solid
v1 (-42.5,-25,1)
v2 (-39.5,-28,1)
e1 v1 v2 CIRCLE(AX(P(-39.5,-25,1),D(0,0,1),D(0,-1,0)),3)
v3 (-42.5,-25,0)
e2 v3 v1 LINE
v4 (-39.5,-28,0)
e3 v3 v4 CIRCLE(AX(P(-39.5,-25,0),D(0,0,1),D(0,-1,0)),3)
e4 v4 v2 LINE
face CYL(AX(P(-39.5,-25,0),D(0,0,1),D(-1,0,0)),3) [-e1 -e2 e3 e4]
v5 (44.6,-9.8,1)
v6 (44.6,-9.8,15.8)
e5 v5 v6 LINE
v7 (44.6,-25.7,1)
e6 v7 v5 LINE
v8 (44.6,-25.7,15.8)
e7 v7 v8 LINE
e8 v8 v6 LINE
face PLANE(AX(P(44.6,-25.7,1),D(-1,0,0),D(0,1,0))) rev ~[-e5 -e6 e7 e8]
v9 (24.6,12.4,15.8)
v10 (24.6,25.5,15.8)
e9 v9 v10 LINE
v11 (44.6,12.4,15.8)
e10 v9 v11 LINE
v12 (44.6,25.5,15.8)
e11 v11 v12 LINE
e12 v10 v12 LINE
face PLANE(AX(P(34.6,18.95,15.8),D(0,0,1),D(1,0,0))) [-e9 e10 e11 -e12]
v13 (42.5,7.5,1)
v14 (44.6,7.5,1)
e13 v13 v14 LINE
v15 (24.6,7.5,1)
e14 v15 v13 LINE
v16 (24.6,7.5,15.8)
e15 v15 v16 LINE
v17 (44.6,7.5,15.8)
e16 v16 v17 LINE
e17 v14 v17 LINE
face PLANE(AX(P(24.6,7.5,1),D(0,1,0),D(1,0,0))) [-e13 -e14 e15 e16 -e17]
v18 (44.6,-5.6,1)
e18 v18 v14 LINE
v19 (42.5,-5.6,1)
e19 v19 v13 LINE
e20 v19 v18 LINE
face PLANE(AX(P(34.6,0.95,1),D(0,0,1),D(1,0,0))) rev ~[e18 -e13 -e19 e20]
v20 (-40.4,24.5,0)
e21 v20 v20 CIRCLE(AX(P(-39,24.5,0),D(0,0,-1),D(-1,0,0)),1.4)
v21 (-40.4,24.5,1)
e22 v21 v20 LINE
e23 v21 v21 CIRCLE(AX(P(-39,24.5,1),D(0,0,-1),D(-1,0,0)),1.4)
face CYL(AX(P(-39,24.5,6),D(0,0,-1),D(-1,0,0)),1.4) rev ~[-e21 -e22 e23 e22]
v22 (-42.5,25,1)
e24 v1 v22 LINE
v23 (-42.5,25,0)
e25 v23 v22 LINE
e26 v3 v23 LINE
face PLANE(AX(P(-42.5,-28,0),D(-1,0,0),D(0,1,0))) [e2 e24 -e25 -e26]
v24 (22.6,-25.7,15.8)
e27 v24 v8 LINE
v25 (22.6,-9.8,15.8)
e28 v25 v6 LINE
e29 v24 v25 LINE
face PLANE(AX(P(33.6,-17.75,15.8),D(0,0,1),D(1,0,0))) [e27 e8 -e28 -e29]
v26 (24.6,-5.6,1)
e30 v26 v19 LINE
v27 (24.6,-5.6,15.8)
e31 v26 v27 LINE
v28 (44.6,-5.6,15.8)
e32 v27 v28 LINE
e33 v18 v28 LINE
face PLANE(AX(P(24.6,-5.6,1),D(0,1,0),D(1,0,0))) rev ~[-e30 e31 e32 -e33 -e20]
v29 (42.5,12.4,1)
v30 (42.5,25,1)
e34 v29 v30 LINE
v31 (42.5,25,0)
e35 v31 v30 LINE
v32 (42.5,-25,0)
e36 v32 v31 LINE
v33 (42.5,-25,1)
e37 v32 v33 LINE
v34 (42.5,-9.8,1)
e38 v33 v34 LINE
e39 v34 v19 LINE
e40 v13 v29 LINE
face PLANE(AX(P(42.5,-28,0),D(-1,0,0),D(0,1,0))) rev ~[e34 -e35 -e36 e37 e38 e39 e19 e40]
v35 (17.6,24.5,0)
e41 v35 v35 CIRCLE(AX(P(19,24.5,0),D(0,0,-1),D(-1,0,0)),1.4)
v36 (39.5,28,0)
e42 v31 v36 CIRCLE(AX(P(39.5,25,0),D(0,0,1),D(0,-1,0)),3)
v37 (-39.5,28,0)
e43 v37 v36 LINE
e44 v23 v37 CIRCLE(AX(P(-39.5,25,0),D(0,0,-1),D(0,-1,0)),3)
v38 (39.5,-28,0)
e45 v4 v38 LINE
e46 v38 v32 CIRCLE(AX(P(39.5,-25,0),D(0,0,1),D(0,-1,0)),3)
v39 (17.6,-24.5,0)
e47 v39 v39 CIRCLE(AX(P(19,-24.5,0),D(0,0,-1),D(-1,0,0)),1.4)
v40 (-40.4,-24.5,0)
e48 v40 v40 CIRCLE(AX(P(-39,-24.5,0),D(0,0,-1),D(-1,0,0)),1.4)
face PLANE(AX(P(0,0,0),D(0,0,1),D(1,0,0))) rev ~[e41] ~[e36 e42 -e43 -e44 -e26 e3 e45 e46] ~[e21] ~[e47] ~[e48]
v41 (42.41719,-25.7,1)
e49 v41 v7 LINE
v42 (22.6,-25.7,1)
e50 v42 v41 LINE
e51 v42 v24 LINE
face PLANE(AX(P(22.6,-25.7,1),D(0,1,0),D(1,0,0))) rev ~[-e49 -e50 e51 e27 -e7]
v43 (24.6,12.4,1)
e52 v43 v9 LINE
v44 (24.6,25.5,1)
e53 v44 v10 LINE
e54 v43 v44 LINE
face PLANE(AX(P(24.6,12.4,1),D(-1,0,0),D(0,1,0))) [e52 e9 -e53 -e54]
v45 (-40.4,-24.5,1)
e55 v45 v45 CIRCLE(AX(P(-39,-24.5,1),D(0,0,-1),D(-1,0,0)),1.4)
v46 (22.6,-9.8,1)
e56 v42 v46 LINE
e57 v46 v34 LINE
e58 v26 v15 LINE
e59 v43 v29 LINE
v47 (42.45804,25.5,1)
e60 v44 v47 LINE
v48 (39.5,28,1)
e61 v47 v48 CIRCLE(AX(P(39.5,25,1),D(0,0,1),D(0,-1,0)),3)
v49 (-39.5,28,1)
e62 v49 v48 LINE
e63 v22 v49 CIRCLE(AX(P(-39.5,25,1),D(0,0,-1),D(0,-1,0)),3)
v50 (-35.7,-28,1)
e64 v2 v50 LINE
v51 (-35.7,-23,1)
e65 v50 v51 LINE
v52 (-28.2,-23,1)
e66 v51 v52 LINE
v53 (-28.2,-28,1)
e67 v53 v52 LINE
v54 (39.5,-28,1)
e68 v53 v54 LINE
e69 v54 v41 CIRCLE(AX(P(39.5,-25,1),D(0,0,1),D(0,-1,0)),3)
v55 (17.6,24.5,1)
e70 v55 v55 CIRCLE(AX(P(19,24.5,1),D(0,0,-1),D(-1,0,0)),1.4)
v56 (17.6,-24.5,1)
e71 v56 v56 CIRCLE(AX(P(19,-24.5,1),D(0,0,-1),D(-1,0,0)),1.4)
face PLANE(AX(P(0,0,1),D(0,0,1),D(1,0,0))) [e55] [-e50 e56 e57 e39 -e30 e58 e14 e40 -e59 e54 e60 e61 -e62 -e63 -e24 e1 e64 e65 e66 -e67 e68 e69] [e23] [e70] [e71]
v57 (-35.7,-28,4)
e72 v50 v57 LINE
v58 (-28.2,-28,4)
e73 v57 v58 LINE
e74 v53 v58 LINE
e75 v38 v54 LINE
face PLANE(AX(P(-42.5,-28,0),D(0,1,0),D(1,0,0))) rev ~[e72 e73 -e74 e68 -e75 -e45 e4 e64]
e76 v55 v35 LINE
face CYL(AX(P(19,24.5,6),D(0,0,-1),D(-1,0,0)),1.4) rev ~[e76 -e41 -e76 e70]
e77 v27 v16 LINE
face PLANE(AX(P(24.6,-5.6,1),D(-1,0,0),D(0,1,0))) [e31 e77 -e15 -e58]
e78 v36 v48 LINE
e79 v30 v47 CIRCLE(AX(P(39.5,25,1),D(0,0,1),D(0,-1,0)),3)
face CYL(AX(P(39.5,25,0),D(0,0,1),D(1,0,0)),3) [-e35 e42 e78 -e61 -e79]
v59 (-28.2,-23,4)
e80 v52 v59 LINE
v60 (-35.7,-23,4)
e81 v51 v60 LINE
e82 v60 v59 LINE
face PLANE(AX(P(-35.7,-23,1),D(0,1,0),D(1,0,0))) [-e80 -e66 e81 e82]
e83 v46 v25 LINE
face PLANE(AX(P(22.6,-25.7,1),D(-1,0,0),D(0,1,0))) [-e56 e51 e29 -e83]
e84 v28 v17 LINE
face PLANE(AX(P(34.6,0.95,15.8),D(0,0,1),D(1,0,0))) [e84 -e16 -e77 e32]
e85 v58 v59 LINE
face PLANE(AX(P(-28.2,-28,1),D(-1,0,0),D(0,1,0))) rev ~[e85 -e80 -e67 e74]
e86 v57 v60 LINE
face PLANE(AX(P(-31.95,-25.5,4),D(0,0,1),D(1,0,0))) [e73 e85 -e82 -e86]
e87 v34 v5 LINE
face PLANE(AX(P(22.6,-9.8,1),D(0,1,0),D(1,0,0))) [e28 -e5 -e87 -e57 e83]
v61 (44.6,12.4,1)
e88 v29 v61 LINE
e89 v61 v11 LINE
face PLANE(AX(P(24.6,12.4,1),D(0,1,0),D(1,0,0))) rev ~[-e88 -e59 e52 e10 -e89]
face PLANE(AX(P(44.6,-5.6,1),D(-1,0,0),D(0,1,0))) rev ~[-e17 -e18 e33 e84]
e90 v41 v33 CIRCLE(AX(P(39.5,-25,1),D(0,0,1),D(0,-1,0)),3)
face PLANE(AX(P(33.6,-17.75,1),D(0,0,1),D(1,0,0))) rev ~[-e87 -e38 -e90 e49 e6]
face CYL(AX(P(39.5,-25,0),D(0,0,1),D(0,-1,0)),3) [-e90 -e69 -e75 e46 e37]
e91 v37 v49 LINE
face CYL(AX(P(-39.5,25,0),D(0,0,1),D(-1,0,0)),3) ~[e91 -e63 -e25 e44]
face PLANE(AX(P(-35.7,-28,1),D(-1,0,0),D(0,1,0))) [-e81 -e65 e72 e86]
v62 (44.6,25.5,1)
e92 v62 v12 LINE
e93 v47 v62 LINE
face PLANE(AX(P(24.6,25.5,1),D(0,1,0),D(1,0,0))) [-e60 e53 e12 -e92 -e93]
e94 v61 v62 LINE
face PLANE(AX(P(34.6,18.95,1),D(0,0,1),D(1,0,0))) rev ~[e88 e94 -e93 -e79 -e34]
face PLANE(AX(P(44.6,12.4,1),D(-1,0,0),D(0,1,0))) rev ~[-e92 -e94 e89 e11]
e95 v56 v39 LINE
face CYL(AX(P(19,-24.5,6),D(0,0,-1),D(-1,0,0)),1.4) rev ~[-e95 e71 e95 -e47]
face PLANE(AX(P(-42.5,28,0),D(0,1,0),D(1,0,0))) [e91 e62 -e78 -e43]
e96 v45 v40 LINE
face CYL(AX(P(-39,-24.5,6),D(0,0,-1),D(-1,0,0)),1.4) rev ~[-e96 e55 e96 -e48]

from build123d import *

# Parameters (mm, degrees)
F0_W     = 85
F0_H     = 56
F1_DEPTH = 1
F2_R     = 3
F3_W     = 22
F3_H     = 15.9
F3_W_2   = 20
F3_H_2   = 13.1
F4_DEPTH = 14.8
F6_D     = 2.8
F6_DEPTH = 5
F7_W     = 7.5
F7_H     = 5
F8_DEPTH = 3


with BuildPart() as f1:
    # F0 (on Top) → F1 (new body)
    with BuildSketch(Plane.XY):
        Rectangle(F0_W, F0_H)
    extrude(amount=F1_DEPTH)

    # F2
    f2_edges = [f1.edges().sort_by_distance(p)[0] for p in [
        (42.5, -28, 0.5),
        (42.5, 28, 0.5),
        (-42.5, 28, 0.5),
        (-42.5, -28, 0.5),
    ]]
    fillet(f2_edges, radius=F2_R)

    # F3 (on face) → F4 (join)
    with BuildSketch(Plane.XY.offset(1)):
        with Locations((33.6, -17.75)):
            Rectangle(F3_W, F3_H)
        with Locations((34.6, 0.95)):
            Rectangle(F3_W_2, F3_H_2)
        with Locations((34.6, 18.95)):
            Rectangle(F3_W_2, F3_H_2)
    extrude(amount=F4_DEPTH)

    # F6
    with Locations(Plane.XY.offset(1)):
        with Locations((-39, 24.5), (19, 24.5), (19, -24.5), (-39, -24.5)):
            Hole(F6_D / 2, depth=F6_DEPTH)

    # F7 (on face) → F8 (join)
    with BuildSketch(Plane.XY.offset(1)):
        with Locations((-31.95, -25.5)):
            Rectangle(F7_W, F7_H)
    extrude(amount=F8_DEPTH)


solid = f1.part
